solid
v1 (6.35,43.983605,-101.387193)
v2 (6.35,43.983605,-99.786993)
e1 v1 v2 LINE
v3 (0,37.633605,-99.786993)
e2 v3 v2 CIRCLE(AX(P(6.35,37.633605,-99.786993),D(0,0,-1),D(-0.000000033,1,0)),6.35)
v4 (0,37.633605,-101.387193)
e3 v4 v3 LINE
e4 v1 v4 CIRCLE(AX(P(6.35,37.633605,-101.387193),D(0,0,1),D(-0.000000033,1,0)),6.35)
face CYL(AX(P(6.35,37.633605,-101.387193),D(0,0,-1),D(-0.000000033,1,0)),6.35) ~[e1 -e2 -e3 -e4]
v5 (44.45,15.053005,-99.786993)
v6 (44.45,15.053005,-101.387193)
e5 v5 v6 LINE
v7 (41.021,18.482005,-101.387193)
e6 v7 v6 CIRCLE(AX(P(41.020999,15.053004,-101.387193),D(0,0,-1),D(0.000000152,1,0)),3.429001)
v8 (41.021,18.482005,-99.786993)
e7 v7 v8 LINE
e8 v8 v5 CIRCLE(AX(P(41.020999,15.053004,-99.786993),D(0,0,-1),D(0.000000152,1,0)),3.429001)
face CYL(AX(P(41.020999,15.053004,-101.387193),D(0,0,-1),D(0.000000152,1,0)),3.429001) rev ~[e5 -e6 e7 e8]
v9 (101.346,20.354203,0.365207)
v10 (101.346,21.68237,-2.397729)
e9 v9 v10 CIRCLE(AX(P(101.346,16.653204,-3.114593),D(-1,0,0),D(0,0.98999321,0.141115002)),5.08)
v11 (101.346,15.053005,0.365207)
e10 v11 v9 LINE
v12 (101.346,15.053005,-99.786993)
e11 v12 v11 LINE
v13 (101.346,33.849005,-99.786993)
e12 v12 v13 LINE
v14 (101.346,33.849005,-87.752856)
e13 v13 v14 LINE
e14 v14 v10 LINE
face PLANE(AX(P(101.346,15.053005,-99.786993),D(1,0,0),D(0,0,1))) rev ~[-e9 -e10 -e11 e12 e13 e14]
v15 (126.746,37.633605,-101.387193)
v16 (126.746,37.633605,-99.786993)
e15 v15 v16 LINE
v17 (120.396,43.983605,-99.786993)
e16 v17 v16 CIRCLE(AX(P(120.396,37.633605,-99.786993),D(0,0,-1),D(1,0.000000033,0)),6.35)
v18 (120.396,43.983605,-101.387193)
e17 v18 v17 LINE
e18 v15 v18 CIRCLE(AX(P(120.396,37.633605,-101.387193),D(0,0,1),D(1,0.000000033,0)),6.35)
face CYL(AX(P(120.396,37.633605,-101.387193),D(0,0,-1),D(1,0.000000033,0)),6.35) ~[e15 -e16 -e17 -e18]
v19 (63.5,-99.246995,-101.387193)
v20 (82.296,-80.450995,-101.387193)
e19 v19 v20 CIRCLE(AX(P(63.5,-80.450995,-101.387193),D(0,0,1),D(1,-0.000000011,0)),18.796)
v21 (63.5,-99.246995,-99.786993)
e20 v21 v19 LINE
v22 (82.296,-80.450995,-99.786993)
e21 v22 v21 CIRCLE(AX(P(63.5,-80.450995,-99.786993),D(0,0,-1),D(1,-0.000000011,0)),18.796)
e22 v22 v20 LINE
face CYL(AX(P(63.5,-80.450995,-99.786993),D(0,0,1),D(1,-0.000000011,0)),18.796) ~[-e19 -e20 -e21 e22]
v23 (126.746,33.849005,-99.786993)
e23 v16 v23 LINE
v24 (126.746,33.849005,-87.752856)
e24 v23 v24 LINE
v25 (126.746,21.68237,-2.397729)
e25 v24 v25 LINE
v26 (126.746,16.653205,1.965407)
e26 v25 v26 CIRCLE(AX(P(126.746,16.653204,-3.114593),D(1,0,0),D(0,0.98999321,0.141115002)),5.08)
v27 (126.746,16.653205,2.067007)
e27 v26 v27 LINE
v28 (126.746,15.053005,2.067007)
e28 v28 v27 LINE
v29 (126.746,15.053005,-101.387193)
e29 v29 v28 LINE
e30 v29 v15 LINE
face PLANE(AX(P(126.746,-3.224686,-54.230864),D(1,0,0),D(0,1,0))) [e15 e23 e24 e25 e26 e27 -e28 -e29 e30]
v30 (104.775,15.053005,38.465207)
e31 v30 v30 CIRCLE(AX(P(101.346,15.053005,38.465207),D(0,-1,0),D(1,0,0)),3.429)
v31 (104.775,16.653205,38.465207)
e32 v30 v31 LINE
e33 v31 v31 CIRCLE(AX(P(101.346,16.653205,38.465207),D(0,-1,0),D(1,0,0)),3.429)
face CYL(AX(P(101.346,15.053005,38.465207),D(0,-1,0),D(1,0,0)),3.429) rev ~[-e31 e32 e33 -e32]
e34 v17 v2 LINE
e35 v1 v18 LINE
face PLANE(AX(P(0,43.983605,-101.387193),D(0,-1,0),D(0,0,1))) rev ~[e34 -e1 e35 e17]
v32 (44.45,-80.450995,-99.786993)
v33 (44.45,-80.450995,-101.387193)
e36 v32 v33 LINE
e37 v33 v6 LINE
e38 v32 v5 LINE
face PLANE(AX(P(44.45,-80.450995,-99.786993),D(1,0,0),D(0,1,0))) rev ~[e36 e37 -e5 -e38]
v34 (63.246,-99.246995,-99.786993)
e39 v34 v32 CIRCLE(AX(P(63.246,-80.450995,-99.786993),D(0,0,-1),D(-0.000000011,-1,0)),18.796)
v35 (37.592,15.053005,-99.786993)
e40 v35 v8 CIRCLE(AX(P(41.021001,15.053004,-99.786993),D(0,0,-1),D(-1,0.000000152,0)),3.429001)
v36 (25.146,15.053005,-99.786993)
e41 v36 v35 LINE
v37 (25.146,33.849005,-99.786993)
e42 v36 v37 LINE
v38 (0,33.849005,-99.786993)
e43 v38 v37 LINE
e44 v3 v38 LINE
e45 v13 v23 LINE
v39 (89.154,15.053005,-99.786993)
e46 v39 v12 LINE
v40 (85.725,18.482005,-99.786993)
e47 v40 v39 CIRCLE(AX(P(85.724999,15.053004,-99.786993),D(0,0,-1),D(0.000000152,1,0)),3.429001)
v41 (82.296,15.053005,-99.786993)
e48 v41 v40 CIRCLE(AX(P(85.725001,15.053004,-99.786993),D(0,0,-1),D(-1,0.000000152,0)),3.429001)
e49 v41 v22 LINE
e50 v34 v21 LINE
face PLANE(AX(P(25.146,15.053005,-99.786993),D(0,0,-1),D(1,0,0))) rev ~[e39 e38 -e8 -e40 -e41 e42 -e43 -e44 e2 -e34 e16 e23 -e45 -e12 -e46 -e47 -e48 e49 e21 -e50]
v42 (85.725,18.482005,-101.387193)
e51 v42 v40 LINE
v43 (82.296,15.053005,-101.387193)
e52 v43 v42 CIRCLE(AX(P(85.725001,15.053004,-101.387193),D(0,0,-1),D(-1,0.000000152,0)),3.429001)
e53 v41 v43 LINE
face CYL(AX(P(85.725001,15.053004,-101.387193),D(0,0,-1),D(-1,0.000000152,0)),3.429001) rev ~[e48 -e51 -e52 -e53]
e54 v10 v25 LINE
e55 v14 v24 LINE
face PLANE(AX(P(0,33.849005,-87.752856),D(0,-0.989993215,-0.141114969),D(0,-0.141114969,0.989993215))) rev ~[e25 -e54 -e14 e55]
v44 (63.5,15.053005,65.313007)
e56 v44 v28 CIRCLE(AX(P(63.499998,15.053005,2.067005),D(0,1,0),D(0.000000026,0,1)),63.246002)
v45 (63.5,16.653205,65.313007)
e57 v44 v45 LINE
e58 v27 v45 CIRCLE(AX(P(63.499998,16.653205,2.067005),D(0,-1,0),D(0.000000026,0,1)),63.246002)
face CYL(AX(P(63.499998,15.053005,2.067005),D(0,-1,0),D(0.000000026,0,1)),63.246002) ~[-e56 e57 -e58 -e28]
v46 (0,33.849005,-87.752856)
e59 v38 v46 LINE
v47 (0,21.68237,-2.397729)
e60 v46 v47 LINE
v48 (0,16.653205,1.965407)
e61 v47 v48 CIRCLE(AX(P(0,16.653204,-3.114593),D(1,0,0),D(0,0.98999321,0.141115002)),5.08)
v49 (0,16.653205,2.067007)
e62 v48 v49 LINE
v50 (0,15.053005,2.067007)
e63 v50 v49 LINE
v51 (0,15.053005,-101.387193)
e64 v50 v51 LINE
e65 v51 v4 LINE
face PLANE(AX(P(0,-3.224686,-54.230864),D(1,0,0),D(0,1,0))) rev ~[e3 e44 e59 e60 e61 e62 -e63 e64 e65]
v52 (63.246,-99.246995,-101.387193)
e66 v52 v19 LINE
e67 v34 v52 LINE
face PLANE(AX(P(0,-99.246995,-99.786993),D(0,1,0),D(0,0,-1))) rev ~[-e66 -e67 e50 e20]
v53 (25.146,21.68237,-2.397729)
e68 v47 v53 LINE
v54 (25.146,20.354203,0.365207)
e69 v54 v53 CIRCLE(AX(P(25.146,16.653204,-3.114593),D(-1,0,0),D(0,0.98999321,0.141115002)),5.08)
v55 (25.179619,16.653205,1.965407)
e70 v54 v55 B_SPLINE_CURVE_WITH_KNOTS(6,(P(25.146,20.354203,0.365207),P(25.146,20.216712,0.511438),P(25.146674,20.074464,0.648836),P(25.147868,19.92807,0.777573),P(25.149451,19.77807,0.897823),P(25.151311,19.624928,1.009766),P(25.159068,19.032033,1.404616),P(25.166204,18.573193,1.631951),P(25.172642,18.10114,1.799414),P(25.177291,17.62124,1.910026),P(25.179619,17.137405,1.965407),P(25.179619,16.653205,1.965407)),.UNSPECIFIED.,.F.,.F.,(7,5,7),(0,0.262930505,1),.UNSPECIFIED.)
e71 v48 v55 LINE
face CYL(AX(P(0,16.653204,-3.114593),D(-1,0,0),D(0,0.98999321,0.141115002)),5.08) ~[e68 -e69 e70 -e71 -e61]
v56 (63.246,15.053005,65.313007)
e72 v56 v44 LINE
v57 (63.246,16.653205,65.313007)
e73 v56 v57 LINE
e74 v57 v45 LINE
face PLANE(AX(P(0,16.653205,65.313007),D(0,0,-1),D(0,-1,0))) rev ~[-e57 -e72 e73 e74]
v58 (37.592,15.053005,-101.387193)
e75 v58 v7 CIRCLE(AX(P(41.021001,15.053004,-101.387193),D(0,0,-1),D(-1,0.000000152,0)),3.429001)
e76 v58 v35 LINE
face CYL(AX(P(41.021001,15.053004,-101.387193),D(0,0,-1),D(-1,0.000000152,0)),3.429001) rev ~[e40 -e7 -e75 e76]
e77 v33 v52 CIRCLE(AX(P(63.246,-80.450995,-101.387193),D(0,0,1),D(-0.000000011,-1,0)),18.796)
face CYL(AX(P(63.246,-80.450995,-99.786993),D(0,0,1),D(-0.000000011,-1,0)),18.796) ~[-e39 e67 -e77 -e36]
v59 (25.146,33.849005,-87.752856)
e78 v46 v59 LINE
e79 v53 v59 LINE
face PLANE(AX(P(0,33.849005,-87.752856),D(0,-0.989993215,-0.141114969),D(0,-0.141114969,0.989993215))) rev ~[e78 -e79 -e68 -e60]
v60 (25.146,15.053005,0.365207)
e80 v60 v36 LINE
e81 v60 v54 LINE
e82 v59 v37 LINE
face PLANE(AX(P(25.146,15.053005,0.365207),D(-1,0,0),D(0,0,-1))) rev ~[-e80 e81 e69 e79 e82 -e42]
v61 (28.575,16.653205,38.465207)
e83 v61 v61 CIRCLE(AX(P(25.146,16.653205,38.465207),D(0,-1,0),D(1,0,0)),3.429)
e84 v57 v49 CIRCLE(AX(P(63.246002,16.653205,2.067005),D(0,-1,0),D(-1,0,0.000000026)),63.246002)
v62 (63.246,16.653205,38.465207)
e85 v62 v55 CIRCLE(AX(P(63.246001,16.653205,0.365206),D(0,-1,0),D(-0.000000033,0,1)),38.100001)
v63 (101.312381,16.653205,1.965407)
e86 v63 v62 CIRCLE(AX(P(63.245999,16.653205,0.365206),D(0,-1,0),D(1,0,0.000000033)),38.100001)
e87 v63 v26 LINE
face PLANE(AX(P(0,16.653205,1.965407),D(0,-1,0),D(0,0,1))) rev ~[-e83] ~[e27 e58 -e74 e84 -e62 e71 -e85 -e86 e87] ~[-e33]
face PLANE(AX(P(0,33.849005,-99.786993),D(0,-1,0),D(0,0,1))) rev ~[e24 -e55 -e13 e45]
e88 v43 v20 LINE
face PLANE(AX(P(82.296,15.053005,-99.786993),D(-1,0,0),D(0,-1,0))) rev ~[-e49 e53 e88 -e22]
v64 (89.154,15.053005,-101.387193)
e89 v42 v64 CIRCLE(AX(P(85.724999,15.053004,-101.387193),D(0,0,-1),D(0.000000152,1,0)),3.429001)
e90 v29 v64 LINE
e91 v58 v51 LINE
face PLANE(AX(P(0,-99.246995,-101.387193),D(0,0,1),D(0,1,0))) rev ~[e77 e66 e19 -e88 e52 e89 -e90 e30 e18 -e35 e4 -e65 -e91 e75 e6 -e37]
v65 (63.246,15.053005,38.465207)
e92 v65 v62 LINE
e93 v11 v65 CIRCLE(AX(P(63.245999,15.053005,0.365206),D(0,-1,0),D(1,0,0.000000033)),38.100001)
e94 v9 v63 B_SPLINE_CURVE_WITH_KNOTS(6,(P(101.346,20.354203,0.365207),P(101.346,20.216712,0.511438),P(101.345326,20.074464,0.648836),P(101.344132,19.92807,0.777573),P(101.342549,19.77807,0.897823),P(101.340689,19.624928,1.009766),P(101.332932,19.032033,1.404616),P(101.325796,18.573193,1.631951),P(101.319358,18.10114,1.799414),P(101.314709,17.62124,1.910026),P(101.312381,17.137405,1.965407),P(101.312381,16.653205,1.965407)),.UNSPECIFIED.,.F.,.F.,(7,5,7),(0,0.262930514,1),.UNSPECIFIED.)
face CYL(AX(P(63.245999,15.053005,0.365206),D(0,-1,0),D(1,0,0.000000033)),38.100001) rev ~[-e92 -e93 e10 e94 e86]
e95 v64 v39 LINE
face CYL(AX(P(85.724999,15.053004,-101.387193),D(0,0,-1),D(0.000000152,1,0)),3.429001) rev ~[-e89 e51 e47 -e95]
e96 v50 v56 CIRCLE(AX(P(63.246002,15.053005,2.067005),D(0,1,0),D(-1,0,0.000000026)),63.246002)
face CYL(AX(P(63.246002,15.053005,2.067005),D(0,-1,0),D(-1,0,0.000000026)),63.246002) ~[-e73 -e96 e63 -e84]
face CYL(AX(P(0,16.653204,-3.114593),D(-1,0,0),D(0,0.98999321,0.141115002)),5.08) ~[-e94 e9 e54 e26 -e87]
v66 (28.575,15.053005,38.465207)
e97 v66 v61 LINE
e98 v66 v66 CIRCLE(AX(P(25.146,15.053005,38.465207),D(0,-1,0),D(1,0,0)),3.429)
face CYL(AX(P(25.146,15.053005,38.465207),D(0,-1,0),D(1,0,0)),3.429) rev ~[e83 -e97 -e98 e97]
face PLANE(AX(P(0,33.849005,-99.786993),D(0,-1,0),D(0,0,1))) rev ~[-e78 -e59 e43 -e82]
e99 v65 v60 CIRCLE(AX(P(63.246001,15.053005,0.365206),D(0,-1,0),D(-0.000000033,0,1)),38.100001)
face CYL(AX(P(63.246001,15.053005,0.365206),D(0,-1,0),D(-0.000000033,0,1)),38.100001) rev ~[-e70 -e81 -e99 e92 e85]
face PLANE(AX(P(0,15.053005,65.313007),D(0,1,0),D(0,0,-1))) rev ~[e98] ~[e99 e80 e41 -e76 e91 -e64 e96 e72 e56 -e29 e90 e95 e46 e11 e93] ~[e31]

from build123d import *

# Parameters (mm, degrees)
F1_DEPTH = 126.746
F3_DEPTH = 1.6012
F4_R     = 3.429
F5_DEPTH = 28.9316
F7_DEPTH = 25.4


with BuildPart() as f1:
    # F0 (on Right) → F1 (new body)
    with BuildSketch(Plane.YZ):
        with BuildLine():
            Line((16.653205, 65.313007), (15.053005, 65.313007))
            Line((15.053005, 65.313007), (15.053005, -19.597488))
            Line((15.053005, -19.597488), (15.053005, -99.786993))
            Line((15.053005, -99.786993), (-99.246995, -99.786993))
            Line((-99.246995, -99.786993), (-99.246995, -101.387193))
            Line((-99.246995, -101.387193), (43.983605, -101.387193))
            Line((43.983605, -101.387193), (43.983605, -99.786993))
            Line((43.983605, -99.786993), (33.849005, -99.786993))
            Line((33.849005, -99.786993), (33.849005, -87.752856))
            Line((33.849005, -87.752856), (21.68237, -2.397729))
            ThreePointArc((21.68237, -2.397729), (19.982223, 0.722598), (16.653205, 1.965407))
            Line((16.653205, 1.965407), (16.653205, 65.313007))
        make_face()
    extrude(amount=F1_DEPTH)

    # F2 (on face) → F3 (cut, through all)
    with BuildSketch(Plane.XY.offset(-99.786993)):
        with BuildLine():
            Line((0, -99.246995), (63.246, -99.246995))
            ThreePointArc((63.246, -99.246995), (49.955221, -93.741774), (44.45, -80.450995))
            Line((44.45, -80.450995), (44.45, 15.053005))
            Line((44.45, 15.053005), (0, 15.053005))
            Line((0, 15.053005), (0, -99.246995))
        make_face()
        with BuildLine():
            ThreePointArc((82.296, -80.450995), (76.790779, -93.741774), (63.5, -99.246995))
            Line((63.5, -99.246995), (126.746, -99.246995))
            Line((126.746, -99.246995), (126.746, 15.053005))
            Line((126.746, 15.053005), (82.296, 15.053005))
            Line((82.296, 15.053005), (82.296, -80.450995))
        make_face()
    extrude(amount=-F3_DEPTH, mode=Mode.SUBTRACT)

    # F4 (on face) → F5 (cut, through all)
    with BuildSketch(Plane.XZ.offset(-15.053005)):
        with BuildLine():
            Line((0, 65.313007), (0, 2.067007))
            ThreePointArc((0, 2.067007), (18.524325, 46.788682), (63.246, 65.313007))
            Line((63.246, 65.313007), (0, 65.313007))
        make_face()
        with BuildLine():
            Line((126.746, 65.313007), (63.5, 65.313007))
            ThreePointArc((63.5, 65.313007), (108.221675, 46.788682), (126.746, 2.067007))
            Line((126.746, 2.067007), (126.746, 65.313007))
        make_face()
        with BuildLine():
            Line((25.146, 0.365207), (25.146, -99.786993))
            Line((25.146, -99.786993), (44.45, -99.786993))
            Line((44.45, -99.786993), (82.296, -99.786993))
            Line((82.296, -99.786993), (101.346, -99.786993))
            Line((101.346, -99.786993), (101.346, 0.365207))
            ThreePointArc((101.346, 0.365207), (90.186768, 27.305975), (63.246, 38.465207))
            ThreePointArc((63.246, 38.465207), (36.305232, 27.305975), (25.146, 0.365207))
        make_face()
        with Locations((25.146, 38.465207)):
            Circle(F4_R)
        with Locations((101.346, 38.465207)):
            Circle(F4_R)
    extrude(amount=-F5_DEPTH, mode=Mode.SUBTRACT)

    # F6 (on face) → F7 (cut)
    with BuildSketch(Plane(origin=(0, 0, -101.387193), x_dir=(1, 0, 0), z_dir=(0, 0, -1))):
        with BuildLine():
            ThreePointArc((6.35, -43.983605), (1.859872, -42.123733), (0, -37.633605))
            Line((0, -37.633605), (0, -43.983605))
            Line((0, -43.983605), (6.35, -43.983605))
        make_face()
        with BuildLine():
            ThreePointArc((37.592, -15.053005), (38.596331, -17.477674), (41.021, -18.482005))
            ThreePointArc((41.021, -18.482005), (43.445669, -17.477674), (44.45, -15.053005))
            Line((44.45, -15.053005), (37.592, -15.053005))
        make_face()
        with BuildLine():
            Line((89.154, -15.053005), (82.296, -15.053005))
            ThreePointArc((82.296, -15.053005), (83.300331, -17.477674), (85.725, -18.482005))
            ThreePointArc((85.725, -18.482005), (88.149669, -17.477674), (89.154, -15.053005))
        make_face()
        with BuildLine():
            ThreePointArc((126.746, -37.633605), (124.886128, -42.123733), (120.396, -43.983605))
            Line((120.396, -43.983605), (126.746, -43.983605))
            Line((126.746, -43.983605), (126.746, -37.633605))
        make_face()
    extrude(amount=-F7_DEPTH, mode=Mode.SUBTRACT)


solid = f1.part
